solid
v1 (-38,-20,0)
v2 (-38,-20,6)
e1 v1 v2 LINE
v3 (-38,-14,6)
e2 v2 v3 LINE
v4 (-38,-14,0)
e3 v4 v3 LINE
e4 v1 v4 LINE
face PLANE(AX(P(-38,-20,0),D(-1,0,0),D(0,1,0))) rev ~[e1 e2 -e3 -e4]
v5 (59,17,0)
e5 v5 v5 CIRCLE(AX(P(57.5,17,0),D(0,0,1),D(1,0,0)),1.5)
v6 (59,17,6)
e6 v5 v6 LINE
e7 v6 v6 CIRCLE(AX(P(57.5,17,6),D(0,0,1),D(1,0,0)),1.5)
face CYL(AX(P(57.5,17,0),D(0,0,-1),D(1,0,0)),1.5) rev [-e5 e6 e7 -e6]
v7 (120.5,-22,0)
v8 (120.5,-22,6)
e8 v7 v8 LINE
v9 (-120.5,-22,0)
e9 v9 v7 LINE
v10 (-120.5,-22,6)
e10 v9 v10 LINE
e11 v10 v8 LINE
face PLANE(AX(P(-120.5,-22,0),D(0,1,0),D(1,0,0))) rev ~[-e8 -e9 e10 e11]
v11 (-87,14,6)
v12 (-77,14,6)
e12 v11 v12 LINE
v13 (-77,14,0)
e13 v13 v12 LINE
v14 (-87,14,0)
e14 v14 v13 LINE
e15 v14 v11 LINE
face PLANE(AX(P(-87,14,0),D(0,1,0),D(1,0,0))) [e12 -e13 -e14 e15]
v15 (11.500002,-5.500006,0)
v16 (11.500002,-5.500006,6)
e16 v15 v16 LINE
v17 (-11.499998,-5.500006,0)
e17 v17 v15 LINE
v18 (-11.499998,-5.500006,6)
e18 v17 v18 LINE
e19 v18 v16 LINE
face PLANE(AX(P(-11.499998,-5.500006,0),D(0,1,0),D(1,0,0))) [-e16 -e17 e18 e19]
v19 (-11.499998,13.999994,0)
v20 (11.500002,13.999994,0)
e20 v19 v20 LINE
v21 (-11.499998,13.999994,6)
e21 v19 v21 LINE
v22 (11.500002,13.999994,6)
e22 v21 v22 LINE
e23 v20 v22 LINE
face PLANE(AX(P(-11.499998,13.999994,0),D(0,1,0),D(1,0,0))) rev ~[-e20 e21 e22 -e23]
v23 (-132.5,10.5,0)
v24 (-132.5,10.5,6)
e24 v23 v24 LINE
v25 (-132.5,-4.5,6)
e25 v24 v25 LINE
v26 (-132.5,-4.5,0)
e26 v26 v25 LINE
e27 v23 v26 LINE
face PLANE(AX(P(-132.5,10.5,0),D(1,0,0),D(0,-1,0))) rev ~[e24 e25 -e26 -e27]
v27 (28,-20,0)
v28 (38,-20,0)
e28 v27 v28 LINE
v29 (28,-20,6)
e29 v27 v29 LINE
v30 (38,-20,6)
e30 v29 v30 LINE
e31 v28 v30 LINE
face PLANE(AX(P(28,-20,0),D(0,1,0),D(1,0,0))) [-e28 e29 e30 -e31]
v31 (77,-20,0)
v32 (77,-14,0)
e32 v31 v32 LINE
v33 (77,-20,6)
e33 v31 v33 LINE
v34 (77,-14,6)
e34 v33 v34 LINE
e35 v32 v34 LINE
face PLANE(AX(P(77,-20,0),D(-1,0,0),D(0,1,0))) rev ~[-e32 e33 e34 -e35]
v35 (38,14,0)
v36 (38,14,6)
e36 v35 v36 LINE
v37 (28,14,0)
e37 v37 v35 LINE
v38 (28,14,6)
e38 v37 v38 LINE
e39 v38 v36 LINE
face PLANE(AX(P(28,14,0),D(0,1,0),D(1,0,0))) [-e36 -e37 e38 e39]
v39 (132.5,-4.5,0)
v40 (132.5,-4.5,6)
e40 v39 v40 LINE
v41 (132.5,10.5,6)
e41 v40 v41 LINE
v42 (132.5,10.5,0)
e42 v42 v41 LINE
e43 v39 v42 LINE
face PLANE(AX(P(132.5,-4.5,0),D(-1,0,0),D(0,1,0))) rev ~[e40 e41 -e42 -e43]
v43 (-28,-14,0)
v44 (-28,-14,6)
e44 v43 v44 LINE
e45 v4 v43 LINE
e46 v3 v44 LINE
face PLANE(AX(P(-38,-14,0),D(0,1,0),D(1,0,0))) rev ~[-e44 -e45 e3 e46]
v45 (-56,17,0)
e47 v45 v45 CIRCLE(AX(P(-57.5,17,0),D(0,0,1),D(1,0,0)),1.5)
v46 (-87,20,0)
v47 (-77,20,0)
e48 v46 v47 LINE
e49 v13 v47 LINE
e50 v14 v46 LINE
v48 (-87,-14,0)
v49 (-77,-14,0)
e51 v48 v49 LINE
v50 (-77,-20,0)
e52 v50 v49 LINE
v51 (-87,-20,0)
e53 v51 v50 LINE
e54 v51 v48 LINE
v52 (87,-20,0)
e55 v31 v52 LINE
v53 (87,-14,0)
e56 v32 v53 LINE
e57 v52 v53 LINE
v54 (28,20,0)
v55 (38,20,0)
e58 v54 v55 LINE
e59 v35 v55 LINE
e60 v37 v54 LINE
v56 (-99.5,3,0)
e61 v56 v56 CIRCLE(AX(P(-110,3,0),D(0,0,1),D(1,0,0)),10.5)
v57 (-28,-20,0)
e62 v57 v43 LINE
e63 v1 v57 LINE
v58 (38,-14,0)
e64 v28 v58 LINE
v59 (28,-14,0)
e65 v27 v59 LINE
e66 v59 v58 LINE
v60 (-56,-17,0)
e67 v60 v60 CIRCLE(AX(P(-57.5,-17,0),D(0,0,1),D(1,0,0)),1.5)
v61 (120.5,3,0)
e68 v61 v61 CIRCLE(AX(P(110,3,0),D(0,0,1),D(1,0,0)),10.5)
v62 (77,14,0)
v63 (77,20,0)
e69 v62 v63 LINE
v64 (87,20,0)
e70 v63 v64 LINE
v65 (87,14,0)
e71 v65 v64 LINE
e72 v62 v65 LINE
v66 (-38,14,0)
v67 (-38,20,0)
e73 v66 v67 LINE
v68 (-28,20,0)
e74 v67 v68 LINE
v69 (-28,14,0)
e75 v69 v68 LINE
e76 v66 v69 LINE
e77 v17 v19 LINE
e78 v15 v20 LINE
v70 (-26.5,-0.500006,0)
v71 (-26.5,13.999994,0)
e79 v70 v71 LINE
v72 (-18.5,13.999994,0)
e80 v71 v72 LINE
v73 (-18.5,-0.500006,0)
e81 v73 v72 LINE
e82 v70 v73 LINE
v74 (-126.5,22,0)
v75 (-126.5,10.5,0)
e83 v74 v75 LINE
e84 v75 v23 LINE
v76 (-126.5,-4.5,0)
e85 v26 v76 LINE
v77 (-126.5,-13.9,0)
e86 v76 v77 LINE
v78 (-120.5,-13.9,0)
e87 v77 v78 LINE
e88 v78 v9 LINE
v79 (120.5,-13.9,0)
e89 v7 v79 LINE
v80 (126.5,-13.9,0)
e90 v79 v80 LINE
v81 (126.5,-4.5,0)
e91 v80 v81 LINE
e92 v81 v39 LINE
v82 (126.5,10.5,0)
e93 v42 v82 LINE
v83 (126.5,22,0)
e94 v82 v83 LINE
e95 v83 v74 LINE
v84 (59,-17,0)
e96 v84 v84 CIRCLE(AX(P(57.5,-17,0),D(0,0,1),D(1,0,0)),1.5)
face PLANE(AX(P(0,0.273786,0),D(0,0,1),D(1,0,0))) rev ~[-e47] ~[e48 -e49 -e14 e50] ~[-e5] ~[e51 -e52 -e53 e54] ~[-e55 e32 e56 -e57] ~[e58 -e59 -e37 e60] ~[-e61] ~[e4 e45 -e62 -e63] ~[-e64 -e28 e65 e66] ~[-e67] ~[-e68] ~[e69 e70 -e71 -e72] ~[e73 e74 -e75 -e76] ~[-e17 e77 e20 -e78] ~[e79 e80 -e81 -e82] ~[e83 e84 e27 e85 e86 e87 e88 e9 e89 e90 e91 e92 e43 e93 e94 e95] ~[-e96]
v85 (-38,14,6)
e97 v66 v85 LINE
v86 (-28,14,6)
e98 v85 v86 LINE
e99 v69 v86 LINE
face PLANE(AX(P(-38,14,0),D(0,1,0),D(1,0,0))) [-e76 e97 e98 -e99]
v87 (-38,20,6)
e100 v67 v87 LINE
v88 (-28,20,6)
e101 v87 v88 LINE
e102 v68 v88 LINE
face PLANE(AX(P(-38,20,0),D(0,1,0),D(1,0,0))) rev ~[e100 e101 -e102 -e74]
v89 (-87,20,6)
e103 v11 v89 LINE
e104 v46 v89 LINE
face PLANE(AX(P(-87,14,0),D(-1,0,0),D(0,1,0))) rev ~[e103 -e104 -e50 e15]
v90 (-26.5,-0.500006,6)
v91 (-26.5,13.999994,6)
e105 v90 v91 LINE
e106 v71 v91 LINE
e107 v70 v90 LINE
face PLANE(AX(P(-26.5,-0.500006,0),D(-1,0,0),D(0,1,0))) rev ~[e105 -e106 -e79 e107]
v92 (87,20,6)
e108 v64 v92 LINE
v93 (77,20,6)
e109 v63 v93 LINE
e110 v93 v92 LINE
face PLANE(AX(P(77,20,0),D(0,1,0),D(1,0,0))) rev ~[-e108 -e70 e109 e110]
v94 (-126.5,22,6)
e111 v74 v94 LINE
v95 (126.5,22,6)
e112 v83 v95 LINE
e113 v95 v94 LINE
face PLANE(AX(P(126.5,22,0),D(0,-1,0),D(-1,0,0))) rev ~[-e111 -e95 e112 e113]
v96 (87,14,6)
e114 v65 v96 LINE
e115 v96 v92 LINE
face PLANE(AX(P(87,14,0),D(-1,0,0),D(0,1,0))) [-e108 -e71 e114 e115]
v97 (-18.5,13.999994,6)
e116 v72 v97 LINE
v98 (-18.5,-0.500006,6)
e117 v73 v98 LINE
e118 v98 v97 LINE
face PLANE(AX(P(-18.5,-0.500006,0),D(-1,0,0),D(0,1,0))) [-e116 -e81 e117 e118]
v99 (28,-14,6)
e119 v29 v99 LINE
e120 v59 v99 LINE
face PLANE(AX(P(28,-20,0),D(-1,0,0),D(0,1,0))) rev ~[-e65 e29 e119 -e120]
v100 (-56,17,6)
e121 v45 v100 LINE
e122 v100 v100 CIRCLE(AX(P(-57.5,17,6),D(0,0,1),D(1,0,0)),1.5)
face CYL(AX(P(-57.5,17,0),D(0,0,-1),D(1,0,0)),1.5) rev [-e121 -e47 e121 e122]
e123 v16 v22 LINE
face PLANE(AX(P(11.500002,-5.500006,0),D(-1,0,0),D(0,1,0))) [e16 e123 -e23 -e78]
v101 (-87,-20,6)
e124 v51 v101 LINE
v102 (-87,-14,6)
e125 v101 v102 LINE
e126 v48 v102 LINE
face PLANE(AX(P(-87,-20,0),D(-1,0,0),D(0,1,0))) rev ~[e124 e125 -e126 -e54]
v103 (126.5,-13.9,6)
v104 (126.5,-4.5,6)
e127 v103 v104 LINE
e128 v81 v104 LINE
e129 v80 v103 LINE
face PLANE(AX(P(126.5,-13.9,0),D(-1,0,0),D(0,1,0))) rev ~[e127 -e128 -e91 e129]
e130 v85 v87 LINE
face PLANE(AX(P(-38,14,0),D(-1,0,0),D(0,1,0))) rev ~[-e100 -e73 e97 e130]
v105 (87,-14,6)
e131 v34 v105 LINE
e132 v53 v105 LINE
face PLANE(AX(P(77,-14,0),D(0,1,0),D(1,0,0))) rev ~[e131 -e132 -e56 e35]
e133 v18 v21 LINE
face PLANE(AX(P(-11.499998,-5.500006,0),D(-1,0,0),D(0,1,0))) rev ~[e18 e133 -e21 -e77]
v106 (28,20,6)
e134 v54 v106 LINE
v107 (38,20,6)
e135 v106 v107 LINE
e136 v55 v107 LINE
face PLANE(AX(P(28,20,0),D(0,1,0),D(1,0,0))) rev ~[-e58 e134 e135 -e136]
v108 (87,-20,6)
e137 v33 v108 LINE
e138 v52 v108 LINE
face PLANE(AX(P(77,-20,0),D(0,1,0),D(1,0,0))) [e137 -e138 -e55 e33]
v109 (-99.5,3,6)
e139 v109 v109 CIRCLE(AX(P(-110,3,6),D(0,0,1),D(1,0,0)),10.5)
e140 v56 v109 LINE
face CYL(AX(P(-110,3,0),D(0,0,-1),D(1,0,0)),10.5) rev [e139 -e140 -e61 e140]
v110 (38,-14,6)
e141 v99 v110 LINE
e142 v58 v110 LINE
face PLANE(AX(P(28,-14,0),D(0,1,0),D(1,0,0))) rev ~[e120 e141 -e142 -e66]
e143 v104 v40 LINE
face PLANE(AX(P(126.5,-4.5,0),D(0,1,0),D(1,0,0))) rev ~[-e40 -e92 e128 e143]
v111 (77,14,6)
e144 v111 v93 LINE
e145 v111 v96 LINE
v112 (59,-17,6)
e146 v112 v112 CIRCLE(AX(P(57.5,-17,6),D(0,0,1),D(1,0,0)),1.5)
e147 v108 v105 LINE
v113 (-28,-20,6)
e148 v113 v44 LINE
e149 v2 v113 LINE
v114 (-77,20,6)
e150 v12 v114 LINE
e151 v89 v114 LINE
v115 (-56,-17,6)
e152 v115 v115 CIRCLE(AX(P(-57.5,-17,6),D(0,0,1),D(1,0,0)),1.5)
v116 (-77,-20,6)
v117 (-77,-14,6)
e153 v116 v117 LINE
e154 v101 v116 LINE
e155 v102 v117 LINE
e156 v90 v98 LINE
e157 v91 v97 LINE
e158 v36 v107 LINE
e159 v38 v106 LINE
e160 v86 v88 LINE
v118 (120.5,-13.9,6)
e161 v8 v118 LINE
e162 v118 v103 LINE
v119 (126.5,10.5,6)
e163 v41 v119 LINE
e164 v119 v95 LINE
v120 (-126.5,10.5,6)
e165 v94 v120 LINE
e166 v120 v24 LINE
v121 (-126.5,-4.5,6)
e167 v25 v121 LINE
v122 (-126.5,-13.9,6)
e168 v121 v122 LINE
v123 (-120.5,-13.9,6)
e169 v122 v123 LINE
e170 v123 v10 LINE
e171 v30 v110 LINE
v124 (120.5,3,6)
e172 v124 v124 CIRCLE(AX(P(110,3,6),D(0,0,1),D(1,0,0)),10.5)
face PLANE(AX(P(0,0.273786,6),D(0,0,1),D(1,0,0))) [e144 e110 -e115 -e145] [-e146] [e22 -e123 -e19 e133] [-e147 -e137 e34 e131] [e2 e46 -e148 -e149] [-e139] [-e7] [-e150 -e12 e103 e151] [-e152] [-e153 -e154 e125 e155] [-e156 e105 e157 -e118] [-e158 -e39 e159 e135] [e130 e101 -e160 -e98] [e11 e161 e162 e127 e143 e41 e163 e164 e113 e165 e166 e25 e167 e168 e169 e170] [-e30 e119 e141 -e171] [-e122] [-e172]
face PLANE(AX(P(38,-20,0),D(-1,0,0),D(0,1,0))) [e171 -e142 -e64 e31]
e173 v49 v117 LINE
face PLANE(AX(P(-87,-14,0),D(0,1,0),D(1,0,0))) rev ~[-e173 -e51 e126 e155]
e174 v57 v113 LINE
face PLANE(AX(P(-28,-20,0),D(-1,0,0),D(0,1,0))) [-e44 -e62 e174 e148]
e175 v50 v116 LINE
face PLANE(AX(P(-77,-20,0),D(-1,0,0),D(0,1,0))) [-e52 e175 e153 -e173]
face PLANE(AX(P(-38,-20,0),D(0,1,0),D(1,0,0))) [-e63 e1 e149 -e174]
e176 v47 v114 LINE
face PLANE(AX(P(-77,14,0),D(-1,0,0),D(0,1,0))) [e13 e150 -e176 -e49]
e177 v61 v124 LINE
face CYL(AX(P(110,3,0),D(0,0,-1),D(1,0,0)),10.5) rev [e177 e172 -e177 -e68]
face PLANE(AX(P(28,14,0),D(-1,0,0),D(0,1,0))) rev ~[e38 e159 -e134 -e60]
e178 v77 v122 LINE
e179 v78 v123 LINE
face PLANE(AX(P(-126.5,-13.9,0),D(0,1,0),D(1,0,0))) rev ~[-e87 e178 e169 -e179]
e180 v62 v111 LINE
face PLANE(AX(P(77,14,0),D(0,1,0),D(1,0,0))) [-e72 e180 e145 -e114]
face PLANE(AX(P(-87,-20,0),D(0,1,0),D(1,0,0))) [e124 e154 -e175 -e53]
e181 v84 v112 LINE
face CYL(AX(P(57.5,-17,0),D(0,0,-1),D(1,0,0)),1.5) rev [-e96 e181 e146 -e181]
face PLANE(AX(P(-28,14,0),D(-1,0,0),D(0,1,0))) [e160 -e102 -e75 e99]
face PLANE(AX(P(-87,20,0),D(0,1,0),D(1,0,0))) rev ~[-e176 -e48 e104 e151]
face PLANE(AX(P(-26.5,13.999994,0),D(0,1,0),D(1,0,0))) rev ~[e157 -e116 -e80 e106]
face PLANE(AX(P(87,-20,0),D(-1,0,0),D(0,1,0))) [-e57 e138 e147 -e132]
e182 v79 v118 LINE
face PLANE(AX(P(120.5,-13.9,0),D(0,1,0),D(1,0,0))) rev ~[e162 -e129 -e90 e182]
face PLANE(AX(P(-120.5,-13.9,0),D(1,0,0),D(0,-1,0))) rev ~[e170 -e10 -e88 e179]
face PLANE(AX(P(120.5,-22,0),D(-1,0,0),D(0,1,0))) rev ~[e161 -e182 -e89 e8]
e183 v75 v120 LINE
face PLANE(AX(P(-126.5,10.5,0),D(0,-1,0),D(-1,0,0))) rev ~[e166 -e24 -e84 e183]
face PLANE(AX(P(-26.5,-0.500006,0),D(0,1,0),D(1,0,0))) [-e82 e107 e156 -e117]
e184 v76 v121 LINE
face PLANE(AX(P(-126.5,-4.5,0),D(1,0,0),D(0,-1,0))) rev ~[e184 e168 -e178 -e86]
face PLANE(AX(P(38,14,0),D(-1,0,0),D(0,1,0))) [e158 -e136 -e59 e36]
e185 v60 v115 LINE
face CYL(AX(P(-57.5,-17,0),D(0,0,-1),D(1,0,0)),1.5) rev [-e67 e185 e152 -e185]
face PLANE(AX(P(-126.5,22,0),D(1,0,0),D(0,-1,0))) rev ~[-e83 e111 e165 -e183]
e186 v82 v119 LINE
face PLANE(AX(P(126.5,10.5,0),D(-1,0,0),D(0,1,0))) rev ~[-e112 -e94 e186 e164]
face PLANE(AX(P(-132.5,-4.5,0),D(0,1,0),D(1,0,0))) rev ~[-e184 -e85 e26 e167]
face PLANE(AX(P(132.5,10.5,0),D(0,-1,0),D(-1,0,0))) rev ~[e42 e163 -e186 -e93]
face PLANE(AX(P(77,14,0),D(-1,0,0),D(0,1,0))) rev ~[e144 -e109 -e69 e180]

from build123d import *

# Parameters (mm, degrees)
SKETCH_1_R      = 1.5
SKETCH_1_R_2    = 10.5
SKETCH_1_W      = 10
SKETCH_1_H      = 6
SKETCH_1_W_2    = 8
SKETCH_1_H_2    = 14.5
SKETCH_1_W_3    = 23
SKETCH_1_H_3    = 19.5
EXTRUDE_1_DEPTH = 6


with BuildPart() as part:
    # Эскиз1 → Бобышка-Вытянуть1 (new body)
    with BuildSketch(Plane.XY):
        Polygon((-126.5, 22), (-126.5, 10.5), (-132.5, 10.5), (-132.5, -4.5), (-126.5, -4.5), (-126.5, -13.9), (-120.5, -13.9), (-120.5, -22), (120.5, -22), (120.5, -13.9), (126.5, -13.9), (126.5, -4.5), (132.5, -4.5), (132.5, 10.5), (126.5, 10.5), (126.5, 22), align=None)
        with Locations((57.5, 17)):
            Circle(SKETCH_1_R, mode=Mode.SUBTRACT)
        with Locations((110, 3)):
            Circle(SKETCH_1_R_2, mode=Mode.SUBTRACT)
        with Locations((57.5, -17)):
            Circle(SKETCH_1_R, mode=Mode.SUBTRACT)
        with Locations((-57.5, 17)):
            Circle(SKETCH_1_R, mode=Mode.SUBTRACT)
        with Locations((-110, 3)):
            Circle(SKETCH_1_R_2, mode=Mode.SUBTRACT)
        with Locations((-57.5, -17)):
            Circle(SKETCH_1_R, mode=Mode.SUBTRACT)
        with Locations((33, 17)):
            Rectangle(SKETCH_1_W, SKETCH_1_H, mode=Mode.SUBTRACT)
        with Locations((82, 17)):
            Rectangle(SKETCH_1_W, SKETCH_1_H, mode=Mode.SUBTRACT)
        with Locations((33, -17)):
            Rectangle(SKETCH_1_W, SKETCH_1_H, mode=Mode.SUBTRACT)
        with Locations((82, -17)):
            Rectangle(SKETCH_1_W, SKETCH_1_H, mode=Mode.SUBTRACT)
        with Locations((-33, 17)):
            Rectangle(SKETCH_1_W, SKETCH_1_H, mode=Mode.SUBTRACT)
        with Locations((-82, 17)):
            Rectangle(SKETCH_1_W, SKETCH_1_H, mode=Mode.SUBTRACT)
        with Locations((-33, -17)):
            Rectangle(SKETCH_1_W, SKETCH_1_H, mode=Mode.SUBTRACT)
        with Locations((-82, -17)):
            Rectangle(SKETCH_1_W, SKETCH_1_H, mode=Mode.SUBTRACT)
        with Locations((-22.5, 6.749994)):
            Rectangle(SKETCH_1_W_2, SKETCH_1_H_2, mode=Mode.SUBTRACT)
        with Locations((2e-06, 4.249994)):
            Rectangle(SKETCH_1_W_3, SKETCH_1_H_3, mode=Mode.SUBTRACT)
    extrude(amount=EXTRUDE_1_DEPTH)


solid = part.part
